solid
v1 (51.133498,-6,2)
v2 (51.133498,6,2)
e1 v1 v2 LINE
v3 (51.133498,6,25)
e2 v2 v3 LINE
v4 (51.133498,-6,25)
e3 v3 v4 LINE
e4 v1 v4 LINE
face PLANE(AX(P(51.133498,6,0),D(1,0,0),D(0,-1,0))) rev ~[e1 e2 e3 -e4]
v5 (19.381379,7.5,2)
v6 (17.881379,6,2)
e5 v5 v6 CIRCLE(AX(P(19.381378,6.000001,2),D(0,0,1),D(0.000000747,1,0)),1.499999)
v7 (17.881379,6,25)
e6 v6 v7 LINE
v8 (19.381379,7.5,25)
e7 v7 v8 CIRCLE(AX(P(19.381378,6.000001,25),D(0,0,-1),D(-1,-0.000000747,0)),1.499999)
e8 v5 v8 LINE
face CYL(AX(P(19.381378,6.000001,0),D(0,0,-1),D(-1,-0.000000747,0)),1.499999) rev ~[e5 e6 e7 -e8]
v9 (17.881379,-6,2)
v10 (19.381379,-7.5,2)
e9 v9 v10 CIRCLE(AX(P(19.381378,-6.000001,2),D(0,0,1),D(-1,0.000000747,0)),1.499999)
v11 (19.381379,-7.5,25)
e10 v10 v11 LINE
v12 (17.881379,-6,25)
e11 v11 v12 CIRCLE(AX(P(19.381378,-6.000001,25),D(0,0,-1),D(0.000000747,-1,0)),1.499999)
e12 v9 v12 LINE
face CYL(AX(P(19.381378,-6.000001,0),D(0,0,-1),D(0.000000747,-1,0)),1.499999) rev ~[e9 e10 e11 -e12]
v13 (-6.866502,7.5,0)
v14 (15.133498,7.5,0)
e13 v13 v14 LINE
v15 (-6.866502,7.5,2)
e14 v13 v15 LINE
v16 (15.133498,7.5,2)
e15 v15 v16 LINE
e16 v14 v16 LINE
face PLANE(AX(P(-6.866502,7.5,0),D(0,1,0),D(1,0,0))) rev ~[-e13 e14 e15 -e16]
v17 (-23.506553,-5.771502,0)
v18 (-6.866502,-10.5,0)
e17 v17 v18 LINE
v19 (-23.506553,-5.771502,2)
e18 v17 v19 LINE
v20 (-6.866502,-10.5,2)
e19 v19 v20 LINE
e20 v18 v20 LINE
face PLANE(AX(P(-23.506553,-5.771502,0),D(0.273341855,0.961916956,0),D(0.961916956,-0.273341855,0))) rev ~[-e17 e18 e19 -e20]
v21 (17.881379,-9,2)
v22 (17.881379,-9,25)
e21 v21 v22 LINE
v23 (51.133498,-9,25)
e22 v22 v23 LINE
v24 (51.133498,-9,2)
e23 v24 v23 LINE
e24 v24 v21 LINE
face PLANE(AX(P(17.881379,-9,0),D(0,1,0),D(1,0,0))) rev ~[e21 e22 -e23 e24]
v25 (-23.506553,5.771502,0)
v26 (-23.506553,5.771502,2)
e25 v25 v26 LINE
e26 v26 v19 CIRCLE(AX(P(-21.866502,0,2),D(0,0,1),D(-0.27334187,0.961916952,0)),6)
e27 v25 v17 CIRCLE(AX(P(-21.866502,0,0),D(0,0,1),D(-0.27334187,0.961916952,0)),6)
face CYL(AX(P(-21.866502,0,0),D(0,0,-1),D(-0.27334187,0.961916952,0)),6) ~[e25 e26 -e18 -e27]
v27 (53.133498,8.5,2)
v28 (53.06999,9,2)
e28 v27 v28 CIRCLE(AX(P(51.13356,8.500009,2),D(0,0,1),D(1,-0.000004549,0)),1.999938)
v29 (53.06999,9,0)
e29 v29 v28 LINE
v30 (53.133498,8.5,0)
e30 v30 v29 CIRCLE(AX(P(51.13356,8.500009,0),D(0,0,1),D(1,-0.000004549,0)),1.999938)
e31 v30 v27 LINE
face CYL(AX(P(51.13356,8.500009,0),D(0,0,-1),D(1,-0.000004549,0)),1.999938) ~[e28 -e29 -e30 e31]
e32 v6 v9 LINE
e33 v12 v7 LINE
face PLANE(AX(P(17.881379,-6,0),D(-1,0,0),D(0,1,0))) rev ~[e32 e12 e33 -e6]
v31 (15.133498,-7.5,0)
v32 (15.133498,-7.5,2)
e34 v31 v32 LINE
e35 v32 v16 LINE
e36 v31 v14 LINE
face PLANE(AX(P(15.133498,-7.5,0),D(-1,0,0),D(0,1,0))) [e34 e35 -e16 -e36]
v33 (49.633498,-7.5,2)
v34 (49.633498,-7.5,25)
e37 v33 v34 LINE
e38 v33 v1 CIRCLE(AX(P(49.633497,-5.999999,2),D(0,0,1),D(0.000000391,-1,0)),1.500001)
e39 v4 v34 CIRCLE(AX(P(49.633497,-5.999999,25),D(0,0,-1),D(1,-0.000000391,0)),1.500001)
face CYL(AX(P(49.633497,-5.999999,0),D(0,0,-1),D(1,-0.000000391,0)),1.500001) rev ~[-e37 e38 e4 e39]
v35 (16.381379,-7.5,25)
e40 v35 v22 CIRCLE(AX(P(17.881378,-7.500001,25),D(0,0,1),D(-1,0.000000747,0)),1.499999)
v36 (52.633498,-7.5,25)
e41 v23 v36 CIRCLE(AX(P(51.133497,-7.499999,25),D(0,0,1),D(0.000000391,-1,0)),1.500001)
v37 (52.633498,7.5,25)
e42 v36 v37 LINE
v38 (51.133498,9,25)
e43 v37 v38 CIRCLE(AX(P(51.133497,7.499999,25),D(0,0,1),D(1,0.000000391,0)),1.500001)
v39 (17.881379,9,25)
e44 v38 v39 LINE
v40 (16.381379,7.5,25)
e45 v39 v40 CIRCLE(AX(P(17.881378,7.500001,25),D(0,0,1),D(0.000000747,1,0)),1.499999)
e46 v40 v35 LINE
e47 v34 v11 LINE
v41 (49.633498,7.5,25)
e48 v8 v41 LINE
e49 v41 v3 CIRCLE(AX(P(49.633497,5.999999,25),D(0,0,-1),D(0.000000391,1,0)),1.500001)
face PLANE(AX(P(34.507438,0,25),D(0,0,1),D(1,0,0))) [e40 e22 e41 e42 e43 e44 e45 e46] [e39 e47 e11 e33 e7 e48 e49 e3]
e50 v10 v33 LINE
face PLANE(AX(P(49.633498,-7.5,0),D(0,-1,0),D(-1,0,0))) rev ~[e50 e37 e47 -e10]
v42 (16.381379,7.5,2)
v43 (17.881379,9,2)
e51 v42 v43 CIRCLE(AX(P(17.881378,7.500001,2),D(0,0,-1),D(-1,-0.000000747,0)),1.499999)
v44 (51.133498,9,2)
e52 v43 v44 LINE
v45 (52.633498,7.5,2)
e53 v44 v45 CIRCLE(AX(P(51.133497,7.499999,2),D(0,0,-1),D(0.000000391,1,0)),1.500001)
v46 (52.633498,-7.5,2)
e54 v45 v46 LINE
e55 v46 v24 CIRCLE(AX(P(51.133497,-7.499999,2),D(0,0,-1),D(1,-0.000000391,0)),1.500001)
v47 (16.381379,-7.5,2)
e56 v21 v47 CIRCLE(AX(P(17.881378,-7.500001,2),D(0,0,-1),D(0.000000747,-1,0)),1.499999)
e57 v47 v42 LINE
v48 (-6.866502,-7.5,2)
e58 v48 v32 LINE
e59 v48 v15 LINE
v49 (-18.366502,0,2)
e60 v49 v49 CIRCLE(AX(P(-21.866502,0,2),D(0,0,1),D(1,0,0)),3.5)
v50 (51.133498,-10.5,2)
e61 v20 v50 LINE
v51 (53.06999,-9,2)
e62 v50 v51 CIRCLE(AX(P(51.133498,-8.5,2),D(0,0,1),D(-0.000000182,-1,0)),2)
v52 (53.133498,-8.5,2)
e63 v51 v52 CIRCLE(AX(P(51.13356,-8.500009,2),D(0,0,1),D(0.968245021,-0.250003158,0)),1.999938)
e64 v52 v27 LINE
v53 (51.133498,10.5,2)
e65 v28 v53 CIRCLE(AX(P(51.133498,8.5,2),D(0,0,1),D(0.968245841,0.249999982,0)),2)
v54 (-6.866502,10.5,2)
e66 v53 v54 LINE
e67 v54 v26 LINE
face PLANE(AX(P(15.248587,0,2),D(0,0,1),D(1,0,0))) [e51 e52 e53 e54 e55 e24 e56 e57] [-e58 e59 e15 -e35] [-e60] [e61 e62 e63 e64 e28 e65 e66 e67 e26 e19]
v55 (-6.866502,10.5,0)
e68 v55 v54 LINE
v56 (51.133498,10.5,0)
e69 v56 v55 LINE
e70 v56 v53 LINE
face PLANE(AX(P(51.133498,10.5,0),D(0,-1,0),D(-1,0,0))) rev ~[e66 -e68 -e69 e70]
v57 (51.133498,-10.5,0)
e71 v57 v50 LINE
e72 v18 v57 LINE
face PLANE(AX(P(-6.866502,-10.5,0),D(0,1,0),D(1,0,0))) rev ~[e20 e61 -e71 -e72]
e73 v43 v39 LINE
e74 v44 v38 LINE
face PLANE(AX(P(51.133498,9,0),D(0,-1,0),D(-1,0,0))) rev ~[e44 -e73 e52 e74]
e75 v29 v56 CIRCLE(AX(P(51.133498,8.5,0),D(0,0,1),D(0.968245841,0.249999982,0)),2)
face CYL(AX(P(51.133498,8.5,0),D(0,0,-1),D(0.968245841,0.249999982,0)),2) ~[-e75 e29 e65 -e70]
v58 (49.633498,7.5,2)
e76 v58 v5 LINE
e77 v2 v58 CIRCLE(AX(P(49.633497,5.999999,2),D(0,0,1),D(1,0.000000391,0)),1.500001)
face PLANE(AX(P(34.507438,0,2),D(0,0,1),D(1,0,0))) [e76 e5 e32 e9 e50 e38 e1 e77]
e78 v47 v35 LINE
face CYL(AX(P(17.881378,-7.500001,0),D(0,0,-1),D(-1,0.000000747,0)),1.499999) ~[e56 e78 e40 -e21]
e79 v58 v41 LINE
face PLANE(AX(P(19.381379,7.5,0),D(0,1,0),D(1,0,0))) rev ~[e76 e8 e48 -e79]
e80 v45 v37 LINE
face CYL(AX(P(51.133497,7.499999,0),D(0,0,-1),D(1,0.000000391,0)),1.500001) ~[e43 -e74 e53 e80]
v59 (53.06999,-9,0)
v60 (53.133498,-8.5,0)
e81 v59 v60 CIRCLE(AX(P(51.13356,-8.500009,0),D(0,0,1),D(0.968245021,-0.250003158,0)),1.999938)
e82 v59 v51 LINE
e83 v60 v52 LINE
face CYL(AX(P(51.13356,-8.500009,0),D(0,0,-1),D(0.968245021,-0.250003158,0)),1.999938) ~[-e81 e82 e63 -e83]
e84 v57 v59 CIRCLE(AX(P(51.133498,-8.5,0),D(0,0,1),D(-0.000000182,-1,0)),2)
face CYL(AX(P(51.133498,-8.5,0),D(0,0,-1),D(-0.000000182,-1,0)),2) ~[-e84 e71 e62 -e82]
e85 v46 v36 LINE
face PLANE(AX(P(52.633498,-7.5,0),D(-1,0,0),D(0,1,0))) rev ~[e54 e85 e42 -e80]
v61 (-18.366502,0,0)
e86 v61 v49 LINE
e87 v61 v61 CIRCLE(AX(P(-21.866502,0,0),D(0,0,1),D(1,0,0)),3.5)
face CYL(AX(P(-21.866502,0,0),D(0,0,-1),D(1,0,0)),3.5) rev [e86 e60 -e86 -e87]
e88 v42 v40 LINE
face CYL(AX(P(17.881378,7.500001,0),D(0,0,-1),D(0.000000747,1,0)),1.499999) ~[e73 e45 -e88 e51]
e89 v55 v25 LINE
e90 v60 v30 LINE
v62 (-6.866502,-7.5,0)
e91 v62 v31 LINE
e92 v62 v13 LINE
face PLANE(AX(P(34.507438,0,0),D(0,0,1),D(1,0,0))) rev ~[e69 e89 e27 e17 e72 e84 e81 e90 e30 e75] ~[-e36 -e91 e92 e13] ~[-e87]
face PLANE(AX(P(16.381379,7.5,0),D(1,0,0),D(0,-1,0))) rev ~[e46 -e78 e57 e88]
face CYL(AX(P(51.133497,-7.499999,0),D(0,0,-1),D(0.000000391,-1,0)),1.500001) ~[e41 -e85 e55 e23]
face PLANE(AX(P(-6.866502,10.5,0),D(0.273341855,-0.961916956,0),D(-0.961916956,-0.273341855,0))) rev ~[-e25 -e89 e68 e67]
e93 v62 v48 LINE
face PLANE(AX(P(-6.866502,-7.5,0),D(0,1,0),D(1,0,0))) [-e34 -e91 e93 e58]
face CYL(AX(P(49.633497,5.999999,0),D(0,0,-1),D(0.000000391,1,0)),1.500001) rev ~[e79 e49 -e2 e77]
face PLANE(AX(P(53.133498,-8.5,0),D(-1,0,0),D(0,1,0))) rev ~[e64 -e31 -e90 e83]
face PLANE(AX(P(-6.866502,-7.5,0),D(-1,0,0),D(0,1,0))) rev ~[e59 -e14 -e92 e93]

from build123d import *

# Parameters (mm, degrees)
F0_R     = 3.5
F0_W     = 22
F0_H     = 15
F1_DEPTH = 2
F2_DEPTH = 25
F3_DEPTH = 2


with BuildPart() as f1:
    # F0 (on Top) → F1 (new body)
    with BuildSketch(Plane.XY):
        with BuildLine():
            Line((-23.506553, -5.771502), (-6.866502, -10.5))
            Line((-6.866502, -10.5), (51.133498, -10.5))
            ThreePointArc((51.133498, -10.5), (52.358243, -10.081139), (53.06999, -9))
            ThreePointArc((53.06999, -9), (53.117558, -8.752009), (53.133498, -8.5))
            Line((53.133498, -8.5), (53.133498, 8.5))
            ThreePointArc((53.133498, 8.5), (53.117558, 8.752009), (53.06999, 9))
            ThreePointArc((53.06999, 9), (52.358243, 10.081139), (51.133498, 10.5))
            Line((51.133498, 10.5), (-6.866502, 10.5))
            Line((-6.866502, 10.5), (-23.506553, 5.771502))
            ThreePointArc((-23.506553, 5.771502), (-27.866502, 0), (-23.506553, -5.771502))
        make_face()
        with Locations((-21.866502, 0)):
            Circle(F0_R, mode=Mode.SUBTRACT)
        with Locations((4.133498, 0)):
            Rectangle(F0_W, F0_H, mode=Mode.SUBTRACT)
        with BuildLine():
            ThreePointArc((17.881379, -9), (16.820718, -8.56066), (16.381379, -7.5))
            Line((16.381379, -7.5), (16.381379, 7.5))
            ThreePointArc((16.381379, 7.5), (16.820718, 8.56066), (17.881379, 9))
            Line((17.881379, 9), (51.133498, 9))
            ThreePointArc((51.133498, 9), (52.194158, 8.56066), (52.633498, 7.5))
            Line((52.633498, 7.5), (52.633498, -7.5))
            ThreePointArc((52.633498, -7.5), (52.194158, -8.56066), (51.133498, -9))
            Line((51.133498, -9), (17.881379, -9))
        make_face(mode=Mode.SUBTRACT)
    extrude(amount=F1_DEPTH)

    # F0 (on Top) → F2 (join)
    with BuildSketch(Plane.XY):
        with BuildLine():
            Line((16.381379, 7.5), (16.381379, -7.5))
            ThreePointArc((16.381379, -7.5), (16.820718, -8.56066), (17.881379, -9))
            Line((17.881379, -9), (51.133498, -9))
            ThreePointArc((51.133498, -9), (52.194158, -8.56066), (52.633498, -7.5))
            Line((52.633498, -7.5), (52.633498, 7.5))
            ThreePointArc((52.633498, 7.5), (52.194158, 8.56066), (51.133498, 9))
            Line((51.133498, 9), (17.881379, 9))
            ThreePointArc((17.881379, 9), (16.820718, 8.56066), (16.381379, 7.5))
        make_face()
        with BuildLine():
            Line((49.633498, -7.5), (19.381379, -7.5))
            ThreePointArc((19.381379, -7.5), (18.320718, -7.06066), (17.881379, -6))
            Line((17.881379, -6), (17.881379, 6))
            ThreePointArc((17.881379, 6), (18.320718, 7.06066), (19.381379, 7.5))
            Line((19.381379, 7.5), (49.633498, 7.5))
            ThreePointArc((49.633498, 7.5), (50.694158, 7.06066), (51.133498, 6))
            Line((51.133498, 6), (51.133498, -6))
            ThreePointArc((51.133498, -6), (50.694158, -7.06066), (49.633498, -7.5))
        make_face(mode=Mode.SUBTRACT)
    extrude(amount=F2_DEPTH)

    # F0 (on Top) → F3 (join)
    with BuildSketch(Plane.XY):
        with BuildLine():
            ThreePointArc((17.881379, -6), (18.320718, -7.06066), (19.381379, -7.5))
            Line((19.381379, -7.5), (49.633498, -7.5))
            ThreePointArc((49.633498, -7.5), (50.694158, -7.06066), (51.133498, -6))
            Line((51.133498, -6), (51.133498, 6))
            ThreePointArc((51.133498, 6), (50.694158, 7.06066), (49.633498, 7.5))
            Line((49.633498, 7.5), (19.381379, 7.5))
            ThreePointArc((19.381379, 7.5), (18.320718, 7.06066), (17.881379, 6))
            Line((17.881379, 6), (17.881379, -6))
        make_face()
    extrude(amount=F3_DEPTH)


solid = f1.part
